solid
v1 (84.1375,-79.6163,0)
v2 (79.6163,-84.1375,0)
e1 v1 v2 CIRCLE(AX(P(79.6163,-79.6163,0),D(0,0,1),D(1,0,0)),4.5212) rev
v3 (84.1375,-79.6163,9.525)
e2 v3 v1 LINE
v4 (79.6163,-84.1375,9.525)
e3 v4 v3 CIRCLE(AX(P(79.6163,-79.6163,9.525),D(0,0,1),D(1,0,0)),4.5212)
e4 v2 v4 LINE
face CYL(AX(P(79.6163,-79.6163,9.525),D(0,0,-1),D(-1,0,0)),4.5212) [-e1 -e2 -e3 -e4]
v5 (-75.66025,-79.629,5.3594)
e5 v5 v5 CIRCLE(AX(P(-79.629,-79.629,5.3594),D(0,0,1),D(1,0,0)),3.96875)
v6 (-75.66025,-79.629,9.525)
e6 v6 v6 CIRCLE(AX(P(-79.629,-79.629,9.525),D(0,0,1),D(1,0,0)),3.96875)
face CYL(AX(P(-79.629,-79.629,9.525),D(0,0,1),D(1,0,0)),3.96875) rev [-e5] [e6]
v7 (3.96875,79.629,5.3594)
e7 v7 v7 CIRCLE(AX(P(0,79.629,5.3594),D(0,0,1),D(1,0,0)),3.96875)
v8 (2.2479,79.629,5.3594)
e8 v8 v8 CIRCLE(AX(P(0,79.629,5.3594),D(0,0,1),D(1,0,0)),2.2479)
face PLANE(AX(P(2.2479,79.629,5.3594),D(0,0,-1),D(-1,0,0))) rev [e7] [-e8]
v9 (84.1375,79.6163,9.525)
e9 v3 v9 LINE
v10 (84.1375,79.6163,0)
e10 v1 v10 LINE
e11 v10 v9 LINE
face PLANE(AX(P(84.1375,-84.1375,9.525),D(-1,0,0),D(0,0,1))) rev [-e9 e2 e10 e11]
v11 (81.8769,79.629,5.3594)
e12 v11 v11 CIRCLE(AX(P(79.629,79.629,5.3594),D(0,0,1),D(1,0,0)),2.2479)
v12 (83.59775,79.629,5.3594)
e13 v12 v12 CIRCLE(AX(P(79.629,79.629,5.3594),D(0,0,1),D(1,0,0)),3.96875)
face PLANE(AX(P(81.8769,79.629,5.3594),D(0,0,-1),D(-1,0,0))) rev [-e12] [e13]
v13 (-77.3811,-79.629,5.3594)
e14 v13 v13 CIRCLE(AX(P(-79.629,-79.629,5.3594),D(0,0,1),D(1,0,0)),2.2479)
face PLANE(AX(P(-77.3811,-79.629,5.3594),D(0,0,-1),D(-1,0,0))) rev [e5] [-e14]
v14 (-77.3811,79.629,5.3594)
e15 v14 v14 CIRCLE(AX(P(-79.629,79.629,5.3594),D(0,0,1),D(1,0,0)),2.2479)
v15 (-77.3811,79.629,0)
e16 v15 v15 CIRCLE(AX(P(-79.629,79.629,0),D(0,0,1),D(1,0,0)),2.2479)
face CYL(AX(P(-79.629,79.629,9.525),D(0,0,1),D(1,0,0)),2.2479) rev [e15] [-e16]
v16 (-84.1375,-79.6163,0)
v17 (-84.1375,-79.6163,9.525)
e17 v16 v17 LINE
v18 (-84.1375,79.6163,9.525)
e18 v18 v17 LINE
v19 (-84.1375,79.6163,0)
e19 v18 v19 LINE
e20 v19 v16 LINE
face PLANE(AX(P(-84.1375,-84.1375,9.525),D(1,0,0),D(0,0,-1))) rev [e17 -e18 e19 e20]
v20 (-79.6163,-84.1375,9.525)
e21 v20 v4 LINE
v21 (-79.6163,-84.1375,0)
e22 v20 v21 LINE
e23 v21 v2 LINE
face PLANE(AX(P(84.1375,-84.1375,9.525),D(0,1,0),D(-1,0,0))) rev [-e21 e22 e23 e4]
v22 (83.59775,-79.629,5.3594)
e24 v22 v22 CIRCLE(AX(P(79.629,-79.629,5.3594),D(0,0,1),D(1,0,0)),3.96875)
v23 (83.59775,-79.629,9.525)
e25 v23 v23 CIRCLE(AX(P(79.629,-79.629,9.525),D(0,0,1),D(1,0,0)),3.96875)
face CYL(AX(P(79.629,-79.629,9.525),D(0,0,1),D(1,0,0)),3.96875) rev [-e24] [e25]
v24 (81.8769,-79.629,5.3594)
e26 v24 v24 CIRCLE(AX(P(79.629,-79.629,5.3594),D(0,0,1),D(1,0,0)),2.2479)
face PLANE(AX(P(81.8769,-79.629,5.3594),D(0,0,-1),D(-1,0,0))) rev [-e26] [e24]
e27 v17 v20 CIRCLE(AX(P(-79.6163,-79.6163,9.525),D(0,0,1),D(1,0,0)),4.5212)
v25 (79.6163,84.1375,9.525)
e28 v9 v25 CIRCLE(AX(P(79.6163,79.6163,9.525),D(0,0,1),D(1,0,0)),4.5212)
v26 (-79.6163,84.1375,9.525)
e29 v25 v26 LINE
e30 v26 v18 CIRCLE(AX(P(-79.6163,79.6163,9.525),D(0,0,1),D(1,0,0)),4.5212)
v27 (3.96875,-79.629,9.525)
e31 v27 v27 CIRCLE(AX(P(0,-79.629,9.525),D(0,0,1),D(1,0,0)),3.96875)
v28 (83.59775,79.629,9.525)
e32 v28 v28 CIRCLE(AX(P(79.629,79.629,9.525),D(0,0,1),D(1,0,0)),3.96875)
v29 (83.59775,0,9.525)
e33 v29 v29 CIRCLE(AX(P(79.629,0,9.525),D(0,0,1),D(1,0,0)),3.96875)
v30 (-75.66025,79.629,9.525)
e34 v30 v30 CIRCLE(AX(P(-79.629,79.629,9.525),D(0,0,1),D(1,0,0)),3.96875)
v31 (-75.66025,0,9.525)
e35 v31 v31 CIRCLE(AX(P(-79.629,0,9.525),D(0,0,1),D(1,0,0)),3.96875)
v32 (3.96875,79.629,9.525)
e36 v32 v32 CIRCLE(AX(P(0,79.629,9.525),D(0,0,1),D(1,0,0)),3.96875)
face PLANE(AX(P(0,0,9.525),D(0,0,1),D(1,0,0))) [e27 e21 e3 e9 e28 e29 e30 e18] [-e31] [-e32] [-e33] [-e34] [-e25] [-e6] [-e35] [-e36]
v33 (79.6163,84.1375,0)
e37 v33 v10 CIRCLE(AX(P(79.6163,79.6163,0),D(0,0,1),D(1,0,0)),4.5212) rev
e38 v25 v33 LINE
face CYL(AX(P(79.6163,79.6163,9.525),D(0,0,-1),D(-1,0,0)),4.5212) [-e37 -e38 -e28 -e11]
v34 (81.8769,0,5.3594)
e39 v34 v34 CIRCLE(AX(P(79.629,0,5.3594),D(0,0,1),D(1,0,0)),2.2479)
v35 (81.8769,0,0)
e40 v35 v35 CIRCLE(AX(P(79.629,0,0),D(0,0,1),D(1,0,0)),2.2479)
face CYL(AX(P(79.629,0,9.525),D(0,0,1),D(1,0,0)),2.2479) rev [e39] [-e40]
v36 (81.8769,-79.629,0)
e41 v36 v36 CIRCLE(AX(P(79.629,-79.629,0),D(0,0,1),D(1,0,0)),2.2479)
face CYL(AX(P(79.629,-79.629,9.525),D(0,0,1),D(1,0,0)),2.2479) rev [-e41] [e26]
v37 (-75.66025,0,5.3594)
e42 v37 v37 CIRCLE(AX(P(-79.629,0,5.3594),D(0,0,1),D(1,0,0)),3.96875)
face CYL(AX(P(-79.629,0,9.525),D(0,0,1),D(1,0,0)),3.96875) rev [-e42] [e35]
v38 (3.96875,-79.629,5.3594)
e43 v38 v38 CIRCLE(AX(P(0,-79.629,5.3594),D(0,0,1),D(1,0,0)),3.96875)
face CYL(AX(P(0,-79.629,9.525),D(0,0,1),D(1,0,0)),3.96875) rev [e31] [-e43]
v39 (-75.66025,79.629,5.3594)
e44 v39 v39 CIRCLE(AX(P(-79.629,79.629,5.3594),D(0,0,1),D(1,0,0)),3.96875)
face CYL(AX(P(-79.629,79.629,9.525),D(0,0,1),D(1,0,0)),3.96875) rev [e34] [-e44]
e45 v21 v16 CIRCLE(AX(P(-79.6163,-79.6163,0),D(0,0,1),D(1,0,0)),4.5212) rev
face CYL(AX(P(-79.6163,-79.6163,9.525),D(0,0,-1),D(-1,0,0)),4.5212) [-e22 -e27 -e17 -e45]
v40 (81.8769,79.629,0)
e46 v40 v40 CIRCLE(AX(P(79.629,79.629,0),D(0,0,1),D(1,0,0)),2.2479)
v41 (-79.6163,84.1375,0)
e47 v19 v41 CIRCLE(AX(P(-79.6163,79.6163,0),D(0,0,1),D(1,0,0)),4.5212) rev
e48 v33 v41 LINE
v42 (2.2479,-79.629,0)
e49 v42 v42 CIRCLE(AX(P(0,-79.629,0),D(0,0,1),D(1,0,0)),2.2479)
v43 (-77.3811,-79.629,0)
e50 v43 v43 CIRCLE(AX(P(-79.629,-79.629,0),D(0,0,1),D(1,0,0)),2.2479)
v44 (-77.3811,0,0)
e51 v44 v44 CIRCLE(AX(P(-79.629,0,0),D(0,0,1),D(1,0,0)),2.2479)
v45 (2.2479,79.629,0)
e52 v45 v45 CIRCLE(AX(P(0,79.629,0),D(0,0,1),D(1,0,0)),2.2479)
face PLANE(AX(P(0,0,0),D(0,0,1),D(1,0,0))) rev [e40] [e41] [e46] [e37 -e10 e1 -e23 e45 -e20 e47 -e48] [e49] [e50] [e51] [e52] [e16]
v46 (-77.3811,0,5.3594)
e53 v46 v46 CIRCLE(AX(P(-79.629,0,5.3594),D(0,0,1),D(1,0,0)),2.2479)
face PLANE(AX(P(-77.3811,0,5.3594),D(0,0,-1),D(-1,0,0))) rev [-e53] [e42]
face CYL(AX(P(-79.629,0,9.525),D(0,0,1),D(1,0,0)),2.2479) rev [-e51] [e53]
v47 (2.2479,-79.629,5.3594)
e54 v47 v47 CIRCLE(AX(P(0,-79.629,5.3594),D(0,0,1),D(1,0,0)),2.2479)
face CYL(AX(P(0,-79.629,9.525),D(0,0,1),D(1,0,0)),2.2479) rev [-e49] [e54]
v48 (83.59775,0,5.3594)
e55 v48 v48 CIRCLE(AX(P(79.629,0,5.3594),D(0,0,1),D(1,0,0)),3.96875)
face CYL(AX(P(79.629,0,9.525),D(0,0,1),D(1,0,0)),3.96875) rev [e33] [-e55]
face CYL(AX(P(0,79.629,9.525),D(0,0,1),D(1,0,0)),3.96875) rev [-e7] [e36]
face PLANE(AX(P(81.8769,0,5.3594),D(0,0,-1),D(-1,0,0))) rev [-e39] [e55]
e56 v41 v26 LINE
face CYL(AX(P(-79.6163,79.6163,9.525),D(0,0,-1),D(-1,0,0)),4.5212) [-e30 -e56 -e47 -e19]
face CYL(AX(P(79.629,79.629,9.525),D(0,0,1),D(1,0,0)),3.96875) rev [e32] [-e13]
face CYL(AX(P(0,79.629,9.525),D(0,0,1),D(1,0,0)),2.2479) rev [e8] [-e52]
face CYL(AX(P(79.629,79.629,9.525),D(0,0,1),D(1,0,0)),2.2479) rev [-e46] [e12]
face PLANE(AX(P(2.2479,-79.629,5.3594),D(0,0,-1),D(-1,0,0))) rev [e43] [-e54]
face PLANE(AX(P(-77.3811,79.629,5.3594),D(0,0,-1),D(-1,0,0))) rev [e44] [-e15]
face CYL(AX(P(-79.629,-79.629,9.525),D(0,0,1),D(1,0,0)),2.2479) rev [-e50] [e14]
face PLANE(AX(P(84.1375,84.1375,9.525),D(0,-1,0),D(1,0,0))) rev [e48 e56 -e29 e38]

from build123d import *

# Parameters (mm, degrees)
SKETCH1_W                                      = 168.275
SKETCH1_H                                      = 168.275
BOSS_EXTRUDE1_DEPTH                            = 9.525
CBORE_FOR_8_SOCKET_HEAD_CAP_SCREW1_D           = 4.4958
CBORE_FOR_8_SOCKET_HEAD_CAP_SCREW1_CBORE_D     = 7.9375
CBORE_FOR_8_SOCKET_HEAD_CAP_SCREW1_CBORE_DEPTH = 4.1656
FILLET1_R                                      = 4.5212


with BuildPart() as part:
    # Sketch1 → Boss-Extrude1 (new body)
    with BuildSketch(Plane.XY):
        Rectangle(SKETCH1_W, SKETCH1_H)
    extrude(amount=BOSS_EXTRUDE1_DEPTH)

    # CBORE for #8 Socket Head Cap Screw1 (through all)
    with Locations(Plane.XY.offset(9.525)):
        with Locations((-79.629, 79.629), (0, 79.629), (79.629, 79.629), (79.629, 0), (0, -79.629), (79.629, -79.629), (-79.629, 0), (-79.629, -79.629)):
            CounterBoreHole(CBORE_FOR_8_SOCKET_HEAD_CAP_SCREW1_D / 2, CBORE_FOR_8_SOCKET_HEAD_CAP_SCREW1_CBORE_D / 2, CBORE_FOR_8_SOCKET_HEAD_CAP_SCREW1_CBORE_DEPTH)

    # Fillet1
    fillet1_edges = [part.edges().sort_by_distance(p)[0] for p in [
        (-84.1375, 84.1375, 4.7625),
        (84.1375, 84.1375, 4.7625),
        (84.1375, -84.1375, 4.7625),
        (-84.1375, -84.1375, 4.7625),
    ]]
    fillet(fillet1_edges, radius=FILLET1_R)


solid = part.part
